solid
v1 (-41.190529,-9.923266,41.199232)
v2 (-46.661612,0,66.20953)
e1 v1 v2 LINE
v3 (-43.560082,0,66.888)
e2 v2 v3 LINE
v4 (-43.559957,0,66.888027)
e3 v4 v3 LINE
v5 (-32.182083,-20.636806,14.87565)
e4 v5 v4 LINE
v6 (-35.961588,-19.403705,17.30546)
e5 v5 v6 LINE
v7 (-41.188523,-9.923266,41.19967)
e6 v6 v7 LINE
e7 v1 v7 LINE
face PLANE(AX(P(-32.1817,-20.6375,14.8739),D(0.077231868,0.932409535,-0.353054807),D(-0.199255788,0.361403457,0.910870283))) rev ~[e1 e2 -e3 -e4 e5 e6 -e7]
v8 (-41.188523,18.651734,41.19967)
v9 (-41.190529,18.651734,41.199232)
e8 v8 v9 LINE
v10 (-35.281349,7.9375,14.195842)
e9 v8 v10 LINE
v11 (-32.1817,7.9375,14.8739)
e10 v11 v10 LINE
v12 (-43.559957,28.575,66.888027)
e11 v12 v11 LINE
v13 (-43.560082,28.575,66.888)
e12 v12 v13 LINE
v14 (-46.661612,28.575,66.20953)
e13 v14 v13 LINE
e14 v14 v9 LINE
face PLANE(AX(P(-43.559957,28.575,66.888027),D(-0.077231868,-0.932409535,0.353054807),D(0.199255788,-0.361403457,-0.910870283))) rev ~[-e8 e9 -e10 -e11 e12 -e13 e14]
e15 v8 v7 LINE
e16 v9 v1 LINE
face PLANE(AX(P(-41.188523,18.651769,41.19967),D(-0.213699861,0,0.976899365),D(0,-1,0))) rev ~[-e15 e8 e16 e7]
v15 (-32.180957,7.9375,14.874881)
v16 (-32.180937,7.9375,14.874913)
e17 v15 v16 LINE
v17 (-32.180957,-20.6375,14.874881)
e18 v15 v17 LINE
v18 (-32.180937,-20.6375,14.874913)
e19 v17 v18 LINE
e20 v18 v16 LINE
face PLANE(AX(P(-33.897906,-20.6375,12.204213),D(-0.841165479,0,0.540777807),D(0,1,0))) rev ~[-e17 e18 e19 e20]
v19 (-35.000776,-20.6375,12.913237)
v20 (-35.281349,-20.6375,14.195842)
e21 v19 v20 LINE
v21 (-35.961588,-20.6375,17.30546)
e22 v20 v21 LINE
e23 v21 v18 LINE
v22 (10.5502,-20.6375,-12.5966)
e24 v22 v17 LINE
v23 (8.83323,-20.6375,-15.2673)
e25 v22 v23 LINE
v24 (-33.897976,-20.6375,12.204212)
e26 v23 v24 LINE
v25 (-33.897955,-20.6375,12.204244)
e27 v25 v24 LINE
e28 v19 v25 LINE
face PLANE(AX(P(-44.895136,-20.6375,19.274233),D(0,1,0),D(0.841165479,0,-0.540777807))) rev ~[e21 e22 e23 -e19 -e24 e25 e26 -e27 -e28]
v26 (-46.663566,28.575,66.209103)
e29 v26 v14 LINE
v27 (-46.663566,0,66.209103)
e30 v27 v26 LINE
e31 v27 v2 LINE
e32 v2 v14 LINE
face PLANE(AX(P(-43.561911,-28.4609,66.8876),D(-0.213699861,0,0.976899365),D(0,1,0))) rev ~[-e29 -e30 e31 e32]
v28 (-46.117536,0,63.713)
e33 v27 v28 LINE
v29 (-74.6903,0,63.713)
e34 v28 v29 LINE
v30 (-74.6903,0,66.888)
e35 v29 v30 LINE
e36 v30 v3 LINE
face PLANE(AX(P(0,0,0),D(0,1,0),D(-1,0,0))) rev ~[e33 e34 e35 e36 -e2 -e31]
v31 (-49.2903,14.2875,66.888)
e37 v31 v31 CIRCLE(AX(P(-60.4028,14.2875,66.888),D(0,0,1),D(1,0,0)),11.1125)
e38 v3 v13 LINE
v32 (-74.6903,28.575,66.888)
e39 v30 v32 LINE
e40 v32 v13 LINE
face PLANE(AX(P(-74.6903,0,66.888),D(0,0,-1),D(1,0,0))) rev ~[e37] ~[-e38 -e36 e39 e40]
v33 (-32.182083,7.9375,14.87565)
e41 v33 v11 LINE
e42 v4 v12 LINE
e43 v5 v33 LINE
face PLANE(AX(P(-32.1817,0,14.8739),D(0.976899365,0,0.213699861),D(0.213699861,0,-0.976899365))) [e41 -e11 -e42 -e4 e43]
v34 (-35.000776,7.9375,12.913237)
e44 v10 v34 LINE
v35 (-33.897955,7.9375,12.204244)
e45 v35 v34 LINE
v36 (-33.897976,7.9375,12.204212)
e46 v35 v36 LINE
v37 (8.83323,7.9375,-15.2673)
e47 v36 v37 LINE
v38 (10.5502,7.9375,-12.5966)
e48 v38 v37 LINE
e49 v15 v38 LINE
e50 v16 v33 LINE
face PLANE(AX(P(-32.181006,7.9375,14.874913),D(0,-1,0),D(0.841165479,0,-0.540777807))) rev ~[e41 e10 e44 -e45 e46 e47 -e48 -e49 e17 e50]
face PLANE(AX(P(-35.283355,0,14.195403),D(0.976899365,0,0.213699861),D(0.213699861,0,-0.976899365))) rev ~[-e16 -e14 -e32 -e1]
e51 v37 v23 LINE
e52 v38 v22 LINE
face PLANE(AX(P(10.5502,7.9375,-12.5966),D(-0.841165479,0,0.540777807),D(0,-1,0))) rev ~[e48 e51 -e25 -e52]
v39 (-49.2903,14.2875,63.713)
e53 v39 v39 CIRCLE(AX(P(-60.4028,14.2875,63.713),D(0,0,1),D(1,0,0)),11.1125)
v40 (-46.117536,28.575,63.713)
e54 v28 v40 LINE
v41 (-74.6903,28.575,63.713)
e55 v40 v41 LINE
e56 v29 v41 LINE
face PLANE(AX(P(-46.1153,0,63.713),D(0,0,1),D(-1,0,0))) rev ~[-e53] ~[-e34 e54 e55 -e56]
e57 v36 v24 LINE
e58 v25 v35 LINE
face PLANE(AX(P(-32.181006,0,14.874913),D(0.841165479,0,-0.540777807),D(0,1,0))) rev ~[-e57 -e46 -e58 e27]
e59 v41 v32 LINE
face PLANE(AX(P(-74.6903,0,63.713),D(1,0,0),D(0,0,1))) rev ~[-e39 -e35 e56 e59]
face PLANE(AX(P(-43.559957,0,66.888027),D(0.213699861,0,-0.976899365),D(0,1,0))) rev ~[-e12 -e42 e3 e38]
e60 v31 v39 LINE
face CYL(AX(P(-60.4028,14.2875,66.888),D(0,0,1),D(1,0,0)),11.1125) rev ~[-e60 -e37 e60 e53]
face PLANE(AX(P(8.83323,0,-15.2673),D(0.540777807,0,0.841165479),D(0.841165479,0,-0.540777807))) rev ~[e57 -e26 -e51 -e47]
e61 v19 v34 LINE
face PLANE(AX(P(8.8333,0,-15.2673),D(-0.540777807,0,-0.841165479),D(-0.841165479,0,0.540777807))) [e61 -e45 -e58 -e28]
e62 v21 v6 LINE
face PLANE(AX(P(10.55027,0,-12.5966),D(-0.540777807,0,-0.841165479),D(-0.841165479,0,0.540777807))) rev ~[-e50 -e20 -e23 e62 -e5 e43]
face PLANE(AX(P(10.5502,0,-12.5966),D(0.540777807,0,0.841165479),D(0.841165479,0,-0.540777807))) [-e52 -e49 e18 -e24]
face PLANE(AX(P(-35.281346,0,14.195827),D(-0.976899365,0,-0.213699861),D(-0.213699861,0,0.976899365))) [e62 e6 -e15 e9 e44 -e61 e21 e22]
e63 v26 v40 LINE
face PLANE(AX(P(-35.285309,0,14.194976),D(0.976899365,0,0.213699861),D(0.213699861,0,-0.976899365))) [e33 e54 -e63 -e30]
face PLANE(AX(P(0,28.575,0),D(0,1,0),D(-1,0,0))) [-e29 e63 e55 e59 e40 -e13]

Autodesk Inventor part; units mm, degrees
ref_plane "YZ Plane" through (0, 0, 0) normal (1, 0, 0) x (0, 1, 0)
ref_plane "XZ Plane" through (0, 0, 0) normal (0, 1, 0) x (-1, 0, 0)
ref_plane "XY Plane" through (0, 0, 0) normal (0, 0, 1) x (1, 0, 0)
sketch "Sketch1" plane through (0, 0, 0) normal (0, 1, 0) x (-1, 0, 0)
  line L0 (43.0137, 64.3915) -> (32.1817, 14.8739)
  line L1 (-10.5502, -12.5966) -> (-8.8333, -15.2673)
  line L2 (-8.8333, -15.2673) -> (35.0028, 12.913)
  line L3 (35.0028, 12.913) -> (46.1153, 63.713)
  line L4 (46.1153, 63.713) -> (43.0137, 64.3915)
  line L5 (-10.5502, -12.5966) -> (-10.5502, 12.913)
  line L6 (-10.5502, -12.5966) -> (32.1817, 14.8739)
  line L7 (46.1153, 63.713) -> (74.6903, 63.713)
  line L8 (74.6903, 63.713) -> (74.6903, 66.888)
  line L9 (74.6903, 66.888) -> (43.5598, 66.888)
  line L10 (43.0137, 64.3915) -> (43.5598, 66.888)
  point P0 (0, 0)
  dimension "d0" = 3.175
  dimension "d1" = 3.175
  dimension "d3" = 50.8
  dimension "d4" = 57.265
  dimension "d5" = 50.8
  dimension "d6" = 11.1125
  dimension "d7" = 28.575
  dimension "d8" = 3.175
extrude "Extrusion1" add sketch "Sketch1" along normal blind 28.575
sketch "Sketch2" plane through (-74.6903, 0, 66.888) normal (0, 0, 1) x (1, 0, 0)
  line L0 (28.575, 0) -> (0, 0) projected
  line L1 (0, 0) -> (0, 28.575) projected
  line L2 (28.575, 28.575) -> (0, 28.575) projected
  line L3 (28.575, 0) -> (28.575, 28.575) projected
  line L4 (28.575, 28.575) -> (0, 28.575) projected
  line L5 (0, 0) -> (0, 28.575) projected
  circle A0 centre (14.2875, 14.2875) radius 11.1125
  point P0 (74.6903, 0)
  point P1 (14.2875, 28.575)
  point P2 (0, 14.2875)
  dimension "d11" = 22.225
extrude "Extrusion2" cut sketch "Sketch2" against normal blind 28.575 contours A0
sketch "Sketch3" plane through (10.5502, 0, -12.5966) normal (0.5408, 0, 0.8412) x (0.8412, 0, -0.5408)
  line L0 (-50.8, 0) -> (-50.8, 28.575) projected
  line L1 (-50.8, 7.9375) -> (0, 7.9375)
  line L2 (0, 7.9375) -> (0, -20.6375)
  line L3 (0, -20.6375) -> (-50.8, -20.6375)
  line L4 (-50.8, -20.6375) -> (-50.8, 7.9375)
  line L5 (-50.8, 28.575) -> (0, 28.575) projected
  point P0 (-15.6863, 0)
  dimension "d14" = 50.8
  dimension "d15" = 28.575
  dimension "d16" = 20.6375
sketch "Sketch4" plane through (-32.1817, 0, 14.8739) normal (0.9769, 0, 0.2137) x (0.2137, 0, -0.9769)
  line L0 (-53.2441, 0) -> (-53.2441, 28.575) projected
  line L1 (-53.2441, 28.575) -> (0, 7.9375)
  line L2 (0, 0) -> (0, 28.575) projected
  line L3 (0, 7.9375) -> (0, -20.6375)
  line L4 (0, -20.6375) -> (-53.2441, 0)
  line L5 (-53.2441, 28.575) -> (-53.2441, 0)
  point P0 (21.4074, 0)
  dimension "d17" = 20.6375
  dimension "d18" = 28.575
sketch "Sketch5" plane through (-32.1817, 0, 14.8739) normal (0.9769, 0, 0.2137) x (0.2137, 0, -0.9769)
  line L0 (-53.2441, 41.9678) -> (42.8737, 41.9678)
  line L1 (42.8737, 41.9678) -> (42.8737, -28.4609)
  line L2 (42.8737, -28.4609) -> (-53.2441, -28.4609)
  line L3 (-53.2441, -28.4609) -> (-53.2441, 41.9678)
  point P0 (21.4074, 0)
extrude "Extrusion3" cut sketch "Sketch5" along normal blind 50.8 and the other way blind 3.175
extrude "Extrusion4" add sketch "Sketch4" against normal blind 3.175
extrude "Extrusion5" add sketch "Sketch3" against normal blind 3.175
sketch "Sketch6" plane through (8.8333, 0, -15.2673) normal (-0.5408, 0, -0.8412) x (-0.8412, 0, 0.5408)
  line L0 (50.8, 7.9375) -> (0, 7.9375) projected
  line L1 (50.8, 7.9375) -> (63.8738, 7.9375)
  line L2 (63.8738, 7.9375) -> (63.8738, -20.6375)
  line L3 (63.8738, -20.6375) -> (50.8, -20.6375)
  line L4 (50.8, -20.6375) -> (50.8, 7.9375)
  point P0 (15.6863, 0)
extrude "Extrusion6" add sketch "Sketch6" against normal blind 3.175
sketch "Sketch7" plane through (-35.2833, 0, 14.1954) normal (-0.9769, 0, -0.2137) x (-0.2137, 0, 0.9769)
  line L0 (50.6885, 27.5845) -> (0, 7.9375) projected
  line L1 (3.1832, -19.4037) -> (53.2441, 0) projected
  line L2 (0, 7.9375) -> (3.1832, 7.9375) projected
  line L3 (0, 7.9375) -> (-56.9759, -14.1465)
  line L4 (-56.9759, -14.1465) -> (-50.1301, -40.068)
  line L5 (53.2441, 0) -> (0, -20.6375) projected
  line L6 (-50.1301, -40.068) -> (0, -20.6375)
  line L7 (0, 7.9375) -> (-35.9676, 7.9375) projected
  line L8 (0, 7.9375) -> (0, -20.6375)
  line L9 (11.5155, 12.4009) -> (21.1446, -12.4418)
  line L10 (-34.1585, 31.8696) -> (27.6424, 31.8696)
  line L11 (27.6424, 31.8696) -> (27.6424, -37.0154)
  line L12 (27.6424, -37.0154) -> (-34.1585, -37.0154)
  line L13 (-34.1585, -37.0154) -> (-34.1585, 31.8696)
  point P0 (-21.4074, 0)
extrude "Extrusion7" cut sketch "Sketch7" along normal blind 25.4 contours L9 L1 L5 L8 L0 | L0 L7 L13 L10 L11 | L0 L11 L1 L9 | L8 L6 L13 L3 | L3 L13 L7 | L1 L11 L12 L13 L6 L5
properties part number "Spinner to Top"
